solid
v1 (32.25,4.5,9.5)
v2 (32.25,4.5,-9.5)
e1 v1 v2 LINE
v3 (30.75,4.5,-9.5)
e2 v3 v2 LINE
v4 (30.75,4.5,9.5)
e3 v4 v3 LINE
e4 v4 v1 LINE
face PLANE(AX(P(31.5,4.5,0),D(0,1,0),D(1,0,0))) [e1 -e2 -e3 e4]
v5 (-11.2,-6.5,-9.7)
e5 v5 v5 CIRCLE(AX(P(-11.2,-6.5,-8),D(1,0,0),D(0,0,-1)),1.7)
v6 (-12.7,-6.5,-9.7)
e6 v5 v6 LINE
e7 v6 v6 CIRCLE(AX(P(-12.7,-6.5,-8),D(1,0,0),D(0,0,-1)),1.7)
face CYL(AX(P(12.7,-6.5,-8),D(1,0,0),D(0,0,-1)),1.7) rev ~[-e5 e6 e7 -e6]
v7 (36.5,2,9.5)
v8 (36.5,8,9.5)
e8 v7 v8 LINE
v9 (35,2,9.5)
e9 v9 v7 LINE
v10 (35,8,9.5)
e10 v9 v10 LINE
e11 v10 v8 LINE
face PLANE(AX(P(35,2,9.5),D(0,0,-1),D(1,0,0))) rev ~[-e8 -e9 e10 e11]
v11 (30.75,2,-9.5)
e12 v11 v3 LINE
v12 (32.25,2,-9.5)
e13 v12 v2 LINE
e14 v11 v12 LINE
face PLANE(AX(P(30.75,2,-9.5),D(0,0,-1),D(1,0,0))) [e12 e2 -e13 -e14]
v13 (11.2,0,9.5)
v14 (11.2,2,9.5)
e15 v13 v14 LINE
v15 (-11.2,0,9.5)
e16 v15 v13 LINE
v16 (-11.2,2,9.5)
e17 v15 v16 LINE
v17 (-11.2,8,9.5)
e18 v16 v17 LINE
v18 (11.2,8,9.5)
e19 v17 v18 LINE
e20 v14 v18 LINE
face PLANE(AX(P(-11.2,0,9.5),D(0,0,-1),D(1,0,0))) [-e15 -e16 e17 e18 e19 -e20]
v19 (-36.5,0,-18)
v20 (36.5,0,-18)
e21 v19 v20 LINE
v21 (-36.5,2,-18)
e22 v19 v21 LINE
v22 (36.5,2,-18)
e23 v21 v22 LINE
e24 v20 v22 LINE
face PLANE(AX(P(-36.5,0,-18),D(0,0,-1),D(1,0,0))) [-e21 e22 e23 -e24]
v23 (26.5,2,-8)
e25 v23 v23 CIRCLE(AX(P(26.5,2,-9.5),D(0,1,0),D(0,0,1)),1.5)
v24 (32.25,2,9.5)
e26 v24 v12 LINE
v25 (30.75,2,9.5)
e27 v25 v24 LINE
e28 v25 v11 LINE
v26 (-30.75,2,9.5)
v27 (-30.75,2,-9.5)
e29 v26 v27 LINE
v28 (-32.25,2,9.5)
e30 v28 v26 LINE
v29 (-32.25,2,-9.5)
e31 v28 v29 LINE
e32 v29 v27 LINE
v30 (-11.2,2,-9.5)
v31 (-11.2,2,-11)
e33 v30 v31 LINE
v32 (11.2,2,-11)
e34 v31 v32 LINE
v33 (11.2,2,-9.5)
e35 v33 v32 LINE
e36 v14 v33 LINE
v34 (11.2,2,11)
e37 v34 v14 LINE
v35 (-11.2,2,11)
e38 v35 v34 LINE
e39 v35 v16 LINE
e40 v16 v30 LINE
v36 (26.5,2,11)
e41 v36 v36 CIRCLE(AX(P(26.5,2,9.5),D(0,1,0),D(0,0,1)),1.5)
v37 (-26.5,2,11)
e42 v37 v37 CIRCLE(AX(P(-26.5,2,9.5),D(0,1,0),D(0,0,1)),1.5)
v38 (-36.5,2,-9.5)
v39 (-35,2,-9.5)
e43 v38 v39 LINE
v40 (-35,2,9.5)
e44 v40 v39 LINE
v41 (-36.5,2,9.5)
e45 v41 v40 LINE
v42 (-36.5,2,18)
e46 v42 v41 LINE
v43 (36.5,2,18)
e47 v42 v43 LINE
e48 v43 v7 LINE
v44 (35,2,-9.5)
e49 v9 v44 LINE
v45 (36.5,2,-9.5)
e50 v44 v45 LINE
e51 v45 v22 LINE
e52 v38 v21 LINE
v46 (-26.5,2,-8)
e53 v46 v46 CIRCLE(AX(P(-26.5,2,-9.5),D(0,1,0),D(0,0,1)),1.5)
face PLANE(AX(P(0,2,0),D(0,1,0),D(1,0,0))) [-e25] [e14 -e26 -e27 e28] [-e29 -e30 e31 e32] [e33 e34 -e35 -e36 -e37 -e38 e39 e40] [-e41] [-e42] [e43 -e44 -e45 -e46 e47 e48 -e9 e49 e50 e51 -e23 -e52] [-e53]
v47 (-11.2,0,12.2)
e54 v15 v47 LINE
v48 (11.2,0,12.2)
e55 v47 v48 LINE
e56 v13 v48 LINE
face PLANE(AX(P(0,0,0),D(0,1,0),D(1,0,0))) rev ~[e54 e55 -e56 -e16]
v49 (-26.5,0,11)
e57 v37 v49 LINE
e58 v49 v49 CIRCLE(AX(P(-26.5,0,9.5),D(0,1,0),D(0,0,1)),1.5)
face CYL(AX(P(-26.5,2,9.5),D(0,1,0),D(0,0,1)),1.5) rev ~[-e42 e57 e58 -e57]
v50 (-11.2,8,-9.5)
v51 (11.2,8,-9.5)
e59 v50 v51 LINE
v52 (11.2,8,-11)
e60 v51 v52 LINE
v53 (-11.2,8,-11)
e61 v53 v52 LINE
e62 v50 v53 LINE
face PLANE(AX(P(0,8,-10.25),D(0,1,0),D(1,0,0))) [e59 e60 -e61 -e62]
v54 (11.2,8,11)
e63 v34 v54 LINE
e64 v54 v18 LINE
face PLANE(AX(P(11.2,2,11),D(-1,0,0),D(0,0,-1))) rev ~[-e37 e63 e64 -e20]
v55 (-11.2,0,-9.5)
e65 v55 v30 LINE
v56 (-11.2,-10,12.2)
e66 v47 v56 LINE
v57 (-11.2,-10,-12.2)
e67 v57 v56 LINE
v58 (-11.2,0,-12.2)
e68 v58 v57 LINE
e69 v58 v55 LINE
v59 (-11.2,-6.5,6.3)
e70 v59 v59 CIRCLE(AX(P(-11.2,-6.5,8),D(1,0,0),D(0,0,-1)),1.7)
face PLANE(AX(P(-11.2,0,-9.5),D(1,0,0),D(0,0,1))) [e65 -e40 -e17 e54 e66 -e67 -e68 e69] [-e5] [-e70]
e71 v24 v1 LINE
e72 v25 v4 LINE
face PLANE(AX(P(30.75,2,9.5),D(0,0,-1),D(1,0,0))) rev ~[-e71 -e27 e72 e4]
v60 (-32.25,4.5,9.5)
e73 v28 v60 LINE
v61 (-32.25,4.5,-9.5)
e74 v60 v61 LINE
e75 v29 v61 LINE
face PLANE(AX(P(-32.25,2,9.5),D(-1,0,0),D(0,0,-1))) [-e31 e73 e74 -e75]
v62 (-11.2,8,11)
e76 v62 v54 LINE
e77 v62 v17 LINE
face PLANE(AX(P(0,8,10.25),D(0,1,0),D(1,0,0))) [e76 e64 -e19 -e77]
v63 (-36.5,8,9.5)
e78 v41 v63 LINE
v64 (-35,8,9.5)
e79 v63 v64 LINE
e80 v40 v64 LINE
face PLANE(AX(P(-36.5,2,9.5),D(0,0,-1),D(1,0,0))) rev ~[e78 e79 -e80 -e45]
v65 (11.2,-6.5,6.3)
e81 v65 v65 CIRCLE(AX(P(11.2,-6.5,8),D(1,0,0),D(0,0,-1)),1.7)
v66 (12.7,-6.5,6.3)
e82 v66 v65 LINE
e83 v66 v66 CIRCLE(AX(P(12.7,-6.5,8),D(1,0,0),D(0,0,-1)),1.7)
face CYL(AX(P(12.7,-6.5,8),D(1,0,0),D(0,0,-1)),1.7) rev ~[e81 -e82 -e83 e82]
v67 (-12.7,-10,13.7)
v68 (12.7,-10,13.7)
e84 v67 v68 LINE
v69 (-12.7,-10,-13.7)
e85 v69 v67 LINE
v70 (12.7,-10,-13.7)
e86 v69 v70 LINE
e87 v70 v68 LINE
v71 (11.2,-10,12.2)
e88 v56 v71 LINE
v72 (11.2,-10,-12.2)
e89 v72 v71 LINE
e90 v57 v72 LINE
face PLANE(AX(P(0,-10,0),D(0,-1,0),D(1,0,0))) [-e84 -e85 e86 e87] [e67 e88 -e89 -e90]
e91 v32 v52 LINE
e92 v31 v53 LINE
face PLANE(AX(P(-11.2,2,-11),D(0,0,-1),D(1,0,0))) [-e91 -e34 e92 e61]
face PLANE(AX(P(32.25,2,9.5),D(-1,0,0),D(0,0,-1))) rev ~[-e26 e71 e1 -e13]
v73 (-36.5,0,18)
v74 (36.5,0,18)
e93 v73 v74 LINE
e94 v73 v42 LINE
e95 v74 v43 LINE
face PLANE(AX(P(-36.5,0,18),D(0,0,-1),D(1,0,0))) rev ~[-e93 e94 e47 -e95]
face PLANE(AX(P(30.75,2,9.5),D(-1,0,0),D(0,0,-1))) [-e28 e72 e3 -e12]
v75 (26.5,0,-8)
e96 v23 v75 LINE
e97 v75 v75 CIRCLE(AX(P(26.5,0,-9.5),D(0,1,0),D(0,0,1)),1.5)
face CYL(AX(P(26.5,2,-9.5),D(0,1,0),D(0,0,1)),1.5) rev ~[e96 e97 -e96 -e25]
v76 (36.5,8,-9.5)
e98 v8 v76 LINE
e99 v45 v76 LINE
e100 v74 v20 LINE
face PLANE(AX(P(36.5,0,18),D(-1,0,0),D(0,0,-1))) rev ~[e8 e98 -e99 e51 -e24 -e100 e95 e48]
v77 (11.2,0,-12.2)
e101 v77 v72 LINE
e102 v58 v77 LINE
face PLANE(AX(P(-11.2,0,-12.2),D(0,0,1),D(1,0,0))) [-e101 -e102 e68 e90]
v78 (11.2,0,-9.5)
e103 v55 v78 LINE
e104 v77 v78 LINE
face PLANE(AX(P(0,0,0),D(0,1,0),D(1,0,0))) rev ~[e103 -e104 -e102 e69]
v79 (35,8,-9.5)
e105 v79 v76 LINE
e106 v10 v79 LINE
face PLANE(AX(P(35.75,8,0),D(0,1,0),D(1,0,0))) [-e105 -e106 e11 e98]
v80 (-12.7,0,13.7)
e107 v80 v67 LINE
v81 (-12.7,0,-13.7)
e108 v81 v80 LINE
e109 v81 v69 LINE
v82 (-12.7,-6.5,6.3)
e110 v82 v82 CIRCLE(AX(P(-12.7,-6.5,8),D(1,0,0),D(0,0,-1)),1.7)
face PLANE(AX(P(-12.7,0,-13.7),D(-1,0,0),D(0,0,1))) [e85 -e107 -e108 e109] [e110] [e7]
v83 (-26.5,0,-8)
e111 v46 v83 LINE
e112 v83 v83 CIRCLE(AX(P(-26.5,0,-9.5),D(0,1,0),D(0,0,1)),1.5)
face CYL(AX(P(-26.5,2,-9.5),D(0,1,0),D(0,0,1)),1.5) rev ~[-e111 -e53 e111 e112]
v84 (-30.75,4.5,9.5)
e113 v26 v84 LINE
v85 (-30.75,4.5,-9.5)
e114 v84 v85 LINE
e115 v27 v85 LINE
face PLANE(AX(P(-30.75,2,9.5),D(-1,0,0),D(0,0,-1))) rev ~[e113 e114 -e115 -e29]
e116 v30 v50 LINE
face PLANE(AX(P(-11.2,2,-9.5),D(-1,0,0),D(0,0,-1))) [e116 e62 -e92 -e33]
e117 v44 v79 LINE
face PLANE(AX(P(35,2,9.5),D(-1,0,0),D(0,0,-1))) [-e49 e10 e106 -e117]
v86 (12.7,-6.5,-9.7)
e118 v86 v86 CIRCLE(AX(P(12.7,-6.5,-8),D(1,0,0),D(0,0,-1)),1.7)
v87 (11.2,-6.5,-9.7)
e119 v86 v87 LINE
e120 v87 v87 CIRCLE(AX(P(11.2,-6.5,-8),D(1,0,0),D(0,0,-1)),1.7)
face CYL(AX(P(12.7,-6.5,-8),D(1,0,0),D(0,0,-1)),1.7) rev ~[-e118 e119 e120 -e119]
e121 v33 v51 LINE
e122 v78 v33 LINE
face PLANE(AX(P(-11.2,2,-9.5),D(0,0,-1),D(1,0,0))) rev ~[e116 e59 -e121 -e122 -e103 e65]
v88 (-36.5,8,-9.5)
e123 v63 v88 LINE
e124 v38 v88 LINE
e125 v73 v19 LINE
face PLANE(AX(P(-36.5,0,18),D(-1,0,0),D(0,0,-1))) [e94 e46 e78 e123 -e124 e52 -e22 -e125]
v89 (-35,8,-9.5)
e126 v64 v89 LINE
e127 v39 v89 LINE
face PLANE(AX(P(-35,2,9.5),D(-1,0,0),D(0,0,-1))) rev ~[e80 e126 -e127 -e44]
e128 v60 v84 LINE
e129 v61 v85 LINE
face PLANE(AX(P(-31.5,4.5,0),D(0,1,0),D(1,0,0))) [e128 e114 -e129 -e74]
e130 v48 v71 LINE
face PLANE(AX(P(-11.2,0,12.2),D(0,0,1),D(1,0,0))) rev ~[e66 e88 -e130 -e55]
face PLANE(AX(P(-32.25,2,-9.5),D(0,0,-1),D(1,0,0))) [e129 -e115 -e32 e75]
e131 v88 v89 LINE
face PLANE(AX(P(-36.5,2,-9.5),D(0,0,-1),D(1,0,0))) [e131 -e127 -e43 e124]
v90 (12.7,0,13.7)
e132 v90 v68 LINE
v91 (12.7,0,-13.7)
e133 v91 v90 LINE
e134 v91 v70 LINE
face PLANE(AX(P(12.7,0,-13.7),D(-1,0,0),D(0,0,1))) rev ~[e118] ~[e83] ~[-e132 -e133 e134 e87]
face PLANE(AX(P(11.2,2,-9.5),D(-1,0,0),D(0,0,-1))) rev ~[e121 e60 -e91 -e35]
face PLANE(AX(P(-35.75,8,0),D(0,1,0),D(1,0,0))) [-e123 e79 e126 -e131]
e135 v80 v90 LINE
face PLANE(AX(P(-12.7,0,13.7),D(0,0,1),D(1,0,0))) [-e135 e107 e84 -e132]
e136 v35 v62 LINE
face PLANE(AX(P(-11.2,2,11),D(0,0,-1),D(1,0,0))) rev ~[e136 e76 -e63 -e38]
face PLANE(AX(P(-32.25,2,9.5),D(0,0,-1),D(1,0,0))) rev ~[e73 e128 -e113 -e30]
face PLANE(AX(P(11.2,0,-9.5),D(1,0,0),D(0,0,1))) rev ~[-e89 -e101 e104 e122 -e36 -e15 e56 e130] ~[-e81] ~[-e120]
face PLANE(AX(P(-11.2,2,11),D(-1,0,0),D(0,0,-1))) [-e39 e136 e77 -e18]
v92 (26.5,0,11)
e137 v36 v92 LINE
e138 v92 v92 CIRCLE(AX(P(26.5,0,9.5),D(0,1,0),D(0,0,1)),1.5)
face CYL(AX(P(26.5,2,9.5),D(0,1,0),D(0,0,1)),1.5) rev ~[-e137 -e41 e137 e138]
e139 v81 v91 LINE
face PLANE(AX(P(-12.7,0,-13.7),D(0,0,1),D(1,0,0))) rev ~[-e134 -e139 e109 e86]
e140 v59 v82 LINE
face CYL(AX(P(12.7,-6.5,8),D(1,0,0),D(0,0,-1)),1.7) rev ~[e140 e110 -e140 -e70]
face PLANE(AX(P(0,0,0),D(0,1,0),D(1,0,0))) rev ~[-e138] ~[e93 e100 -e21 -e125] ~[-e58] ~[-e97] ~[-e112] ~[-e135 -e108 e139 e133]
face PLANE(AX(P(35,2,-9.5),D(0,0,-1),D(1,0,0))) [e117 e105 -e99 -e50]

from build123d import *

# Parameters (mm, degrees)
SKETCH1_W           = 73
SKETCH1_H           = 36
BOSS_EXTRUDE1_DEPTH = 2
SKETCH2_W           = 1.5
SKETCH2_H           = 19
BOSS_EXTRUDE2_DEPTH = 6
SKETCH3_W           = 25.4
SKETCH3_H           = 27.4
SKETCH3_W_2         = 22.4
SKETCH3_H_2         = 24.4
BOSS_EXTRUDE3_DEPTH = 10
SKETCH4_W           = 22.4
SKETCH4_H           = 19
CUT_EXTRUDE1_DEPTH  = 42.907636536
SKETCH5_W           = 22.4
SKETCH5_H           = 1.5
BOSS_EXTRUDE4_DEPTH = 6
SKETCH6_R           = 1.5
CUT_EXTRUDE2_DEPTH  = 43.429353047
SKETCH7_W           = 1.5
SKETCH7_H           = 19
BOSS_EXTRUDE5_DEPTH = 2.5
SKETCH8_R           = 1.7
CUT_EXTRUDE3_DEPTH  = 54.335166635


with BuildPart() as part:
    # Sketch1 → Boss-Extrude1 (new body)
    with BuildSketch(Plane(origin=(0, 0, 0), x_dir=(1, 0, 0), z_dir=(0, 1, 0))):
        Rectangle(SKETCH1_W, SKETCH1_H)
    extrude(amount=BOSS_EXTRUDE1_DEPTH)

    # Sketch2 → Boss-Extrude2 (add)
    with BuildSketch(Plane(origin=(0, 2, 0), x_dir=(1, 0, 0), z_dir=(0, 1, 0))):
        with Locations((-35.75, 0)):
            Rectangle(SKETCH2_W, SKETCH2_H)
        with Locations((35.75, 0)):
            Rectangle(SKETCH2_W, SKETCH2_H)
    extrude(amount=BOSS_EXTRUDE2_DEPTH)

    # Sketch3 → Boss-Extrude3 (add)
    with BuildSketch(Plane.XZ):
        Rectangle(SKETCH3_W, SKETCH3_H)
        Rectangle(SKETCH3_W_2, SKETCH3_H_2, mode=Mode.SUBTRACT)
    extrude(amount=BOSS_EXTRUDE3_DEPTH)

    # Sketch4 → Cut-Extrude1 (cut, through all)
    with BuildSketch(Plane.XZ):
        Rectangle(SKETCH4_W, SKETCH4_H)
    extrude(amount=-CUT_EXTRUDE1_DEPTH, mode=Mode.SUBTRACT)

    # Sketch5 → Boss-Extrude4 (add)
    with BuildSketch(Plane(origin=(0, 2, 0), x_dir=(1, 0, 0), z_dir=(0, 1, 0))):
        with Locations((0, 10.25)):
            Rectangle(SKETCH5_W, SKETCH5_H)
        with Locations((0, -10.25)):
            Rectangle(SKETCH5_W, SKETCH5_H)
    extrude(amount=BOSS_EXTRUDE4_DEPTH)

    # Sketch6 → Cut-Extrude2 (cut, through all)
    with BuildSketch(Plane(origin=(0, 2, 0), x_dir=(1, 0, 0), z_dir=(0, 1, 0))):
        with Locations(Location((-26.5, 9.5, 0), (0, 0, 270))):
            Circle(SKETCH6_R)
        with Locations(Location((-26.5, -9.5, 0), (0, 0, 270))):
            Circle(SKETCH6_R)
        with Locations(Location((26.5, 9.5, 0), (0, 0, 270))):
            Circle(SKETCH6_R)
        with Locations(Location((26.5, -9.5, 0), (0, 0, 270))):
            Circle(SKETCH6_R)
    extrude(amount=-CUT_EXTRUDE2_DEPTH, mode=Mode.SUBTRACT)

    # Sketch7 → Boss-Extrude5 (add)
    with BuildSketch(Plane(origin=(0, 2, 0), x_dir=(1, 0, 0), z_dir=(0, 1, 0))):
        with Locations((-31.5, 0)):
            Rectangle(SKETCH7_W, SKETCH7_H)
        with Locations((31.5, 0)):
            Rectangle(SKETCH7_W, SKETCH7_H)
    extrude(amount=BOSS_EXTRUDE5_DEPTH)

    # Sketch8 → Cut-Extrude3 (cut, through all)
    with BuildSketch(Plane(origin=(12.7, 0, 0), x_dir=(0, 0, -1), z_dir=(1, 0, 0))):
        with Locations((-8, -6.5)):
            Circle(SKETCH8_R)
        with Locations((8, -6.5)):
            Circle(SKETCH8_R)
    extrude(amount=-CUT_EXTRUDE3_DEPTH, mode=Mode.SUBTRACT)


solid = part.part
